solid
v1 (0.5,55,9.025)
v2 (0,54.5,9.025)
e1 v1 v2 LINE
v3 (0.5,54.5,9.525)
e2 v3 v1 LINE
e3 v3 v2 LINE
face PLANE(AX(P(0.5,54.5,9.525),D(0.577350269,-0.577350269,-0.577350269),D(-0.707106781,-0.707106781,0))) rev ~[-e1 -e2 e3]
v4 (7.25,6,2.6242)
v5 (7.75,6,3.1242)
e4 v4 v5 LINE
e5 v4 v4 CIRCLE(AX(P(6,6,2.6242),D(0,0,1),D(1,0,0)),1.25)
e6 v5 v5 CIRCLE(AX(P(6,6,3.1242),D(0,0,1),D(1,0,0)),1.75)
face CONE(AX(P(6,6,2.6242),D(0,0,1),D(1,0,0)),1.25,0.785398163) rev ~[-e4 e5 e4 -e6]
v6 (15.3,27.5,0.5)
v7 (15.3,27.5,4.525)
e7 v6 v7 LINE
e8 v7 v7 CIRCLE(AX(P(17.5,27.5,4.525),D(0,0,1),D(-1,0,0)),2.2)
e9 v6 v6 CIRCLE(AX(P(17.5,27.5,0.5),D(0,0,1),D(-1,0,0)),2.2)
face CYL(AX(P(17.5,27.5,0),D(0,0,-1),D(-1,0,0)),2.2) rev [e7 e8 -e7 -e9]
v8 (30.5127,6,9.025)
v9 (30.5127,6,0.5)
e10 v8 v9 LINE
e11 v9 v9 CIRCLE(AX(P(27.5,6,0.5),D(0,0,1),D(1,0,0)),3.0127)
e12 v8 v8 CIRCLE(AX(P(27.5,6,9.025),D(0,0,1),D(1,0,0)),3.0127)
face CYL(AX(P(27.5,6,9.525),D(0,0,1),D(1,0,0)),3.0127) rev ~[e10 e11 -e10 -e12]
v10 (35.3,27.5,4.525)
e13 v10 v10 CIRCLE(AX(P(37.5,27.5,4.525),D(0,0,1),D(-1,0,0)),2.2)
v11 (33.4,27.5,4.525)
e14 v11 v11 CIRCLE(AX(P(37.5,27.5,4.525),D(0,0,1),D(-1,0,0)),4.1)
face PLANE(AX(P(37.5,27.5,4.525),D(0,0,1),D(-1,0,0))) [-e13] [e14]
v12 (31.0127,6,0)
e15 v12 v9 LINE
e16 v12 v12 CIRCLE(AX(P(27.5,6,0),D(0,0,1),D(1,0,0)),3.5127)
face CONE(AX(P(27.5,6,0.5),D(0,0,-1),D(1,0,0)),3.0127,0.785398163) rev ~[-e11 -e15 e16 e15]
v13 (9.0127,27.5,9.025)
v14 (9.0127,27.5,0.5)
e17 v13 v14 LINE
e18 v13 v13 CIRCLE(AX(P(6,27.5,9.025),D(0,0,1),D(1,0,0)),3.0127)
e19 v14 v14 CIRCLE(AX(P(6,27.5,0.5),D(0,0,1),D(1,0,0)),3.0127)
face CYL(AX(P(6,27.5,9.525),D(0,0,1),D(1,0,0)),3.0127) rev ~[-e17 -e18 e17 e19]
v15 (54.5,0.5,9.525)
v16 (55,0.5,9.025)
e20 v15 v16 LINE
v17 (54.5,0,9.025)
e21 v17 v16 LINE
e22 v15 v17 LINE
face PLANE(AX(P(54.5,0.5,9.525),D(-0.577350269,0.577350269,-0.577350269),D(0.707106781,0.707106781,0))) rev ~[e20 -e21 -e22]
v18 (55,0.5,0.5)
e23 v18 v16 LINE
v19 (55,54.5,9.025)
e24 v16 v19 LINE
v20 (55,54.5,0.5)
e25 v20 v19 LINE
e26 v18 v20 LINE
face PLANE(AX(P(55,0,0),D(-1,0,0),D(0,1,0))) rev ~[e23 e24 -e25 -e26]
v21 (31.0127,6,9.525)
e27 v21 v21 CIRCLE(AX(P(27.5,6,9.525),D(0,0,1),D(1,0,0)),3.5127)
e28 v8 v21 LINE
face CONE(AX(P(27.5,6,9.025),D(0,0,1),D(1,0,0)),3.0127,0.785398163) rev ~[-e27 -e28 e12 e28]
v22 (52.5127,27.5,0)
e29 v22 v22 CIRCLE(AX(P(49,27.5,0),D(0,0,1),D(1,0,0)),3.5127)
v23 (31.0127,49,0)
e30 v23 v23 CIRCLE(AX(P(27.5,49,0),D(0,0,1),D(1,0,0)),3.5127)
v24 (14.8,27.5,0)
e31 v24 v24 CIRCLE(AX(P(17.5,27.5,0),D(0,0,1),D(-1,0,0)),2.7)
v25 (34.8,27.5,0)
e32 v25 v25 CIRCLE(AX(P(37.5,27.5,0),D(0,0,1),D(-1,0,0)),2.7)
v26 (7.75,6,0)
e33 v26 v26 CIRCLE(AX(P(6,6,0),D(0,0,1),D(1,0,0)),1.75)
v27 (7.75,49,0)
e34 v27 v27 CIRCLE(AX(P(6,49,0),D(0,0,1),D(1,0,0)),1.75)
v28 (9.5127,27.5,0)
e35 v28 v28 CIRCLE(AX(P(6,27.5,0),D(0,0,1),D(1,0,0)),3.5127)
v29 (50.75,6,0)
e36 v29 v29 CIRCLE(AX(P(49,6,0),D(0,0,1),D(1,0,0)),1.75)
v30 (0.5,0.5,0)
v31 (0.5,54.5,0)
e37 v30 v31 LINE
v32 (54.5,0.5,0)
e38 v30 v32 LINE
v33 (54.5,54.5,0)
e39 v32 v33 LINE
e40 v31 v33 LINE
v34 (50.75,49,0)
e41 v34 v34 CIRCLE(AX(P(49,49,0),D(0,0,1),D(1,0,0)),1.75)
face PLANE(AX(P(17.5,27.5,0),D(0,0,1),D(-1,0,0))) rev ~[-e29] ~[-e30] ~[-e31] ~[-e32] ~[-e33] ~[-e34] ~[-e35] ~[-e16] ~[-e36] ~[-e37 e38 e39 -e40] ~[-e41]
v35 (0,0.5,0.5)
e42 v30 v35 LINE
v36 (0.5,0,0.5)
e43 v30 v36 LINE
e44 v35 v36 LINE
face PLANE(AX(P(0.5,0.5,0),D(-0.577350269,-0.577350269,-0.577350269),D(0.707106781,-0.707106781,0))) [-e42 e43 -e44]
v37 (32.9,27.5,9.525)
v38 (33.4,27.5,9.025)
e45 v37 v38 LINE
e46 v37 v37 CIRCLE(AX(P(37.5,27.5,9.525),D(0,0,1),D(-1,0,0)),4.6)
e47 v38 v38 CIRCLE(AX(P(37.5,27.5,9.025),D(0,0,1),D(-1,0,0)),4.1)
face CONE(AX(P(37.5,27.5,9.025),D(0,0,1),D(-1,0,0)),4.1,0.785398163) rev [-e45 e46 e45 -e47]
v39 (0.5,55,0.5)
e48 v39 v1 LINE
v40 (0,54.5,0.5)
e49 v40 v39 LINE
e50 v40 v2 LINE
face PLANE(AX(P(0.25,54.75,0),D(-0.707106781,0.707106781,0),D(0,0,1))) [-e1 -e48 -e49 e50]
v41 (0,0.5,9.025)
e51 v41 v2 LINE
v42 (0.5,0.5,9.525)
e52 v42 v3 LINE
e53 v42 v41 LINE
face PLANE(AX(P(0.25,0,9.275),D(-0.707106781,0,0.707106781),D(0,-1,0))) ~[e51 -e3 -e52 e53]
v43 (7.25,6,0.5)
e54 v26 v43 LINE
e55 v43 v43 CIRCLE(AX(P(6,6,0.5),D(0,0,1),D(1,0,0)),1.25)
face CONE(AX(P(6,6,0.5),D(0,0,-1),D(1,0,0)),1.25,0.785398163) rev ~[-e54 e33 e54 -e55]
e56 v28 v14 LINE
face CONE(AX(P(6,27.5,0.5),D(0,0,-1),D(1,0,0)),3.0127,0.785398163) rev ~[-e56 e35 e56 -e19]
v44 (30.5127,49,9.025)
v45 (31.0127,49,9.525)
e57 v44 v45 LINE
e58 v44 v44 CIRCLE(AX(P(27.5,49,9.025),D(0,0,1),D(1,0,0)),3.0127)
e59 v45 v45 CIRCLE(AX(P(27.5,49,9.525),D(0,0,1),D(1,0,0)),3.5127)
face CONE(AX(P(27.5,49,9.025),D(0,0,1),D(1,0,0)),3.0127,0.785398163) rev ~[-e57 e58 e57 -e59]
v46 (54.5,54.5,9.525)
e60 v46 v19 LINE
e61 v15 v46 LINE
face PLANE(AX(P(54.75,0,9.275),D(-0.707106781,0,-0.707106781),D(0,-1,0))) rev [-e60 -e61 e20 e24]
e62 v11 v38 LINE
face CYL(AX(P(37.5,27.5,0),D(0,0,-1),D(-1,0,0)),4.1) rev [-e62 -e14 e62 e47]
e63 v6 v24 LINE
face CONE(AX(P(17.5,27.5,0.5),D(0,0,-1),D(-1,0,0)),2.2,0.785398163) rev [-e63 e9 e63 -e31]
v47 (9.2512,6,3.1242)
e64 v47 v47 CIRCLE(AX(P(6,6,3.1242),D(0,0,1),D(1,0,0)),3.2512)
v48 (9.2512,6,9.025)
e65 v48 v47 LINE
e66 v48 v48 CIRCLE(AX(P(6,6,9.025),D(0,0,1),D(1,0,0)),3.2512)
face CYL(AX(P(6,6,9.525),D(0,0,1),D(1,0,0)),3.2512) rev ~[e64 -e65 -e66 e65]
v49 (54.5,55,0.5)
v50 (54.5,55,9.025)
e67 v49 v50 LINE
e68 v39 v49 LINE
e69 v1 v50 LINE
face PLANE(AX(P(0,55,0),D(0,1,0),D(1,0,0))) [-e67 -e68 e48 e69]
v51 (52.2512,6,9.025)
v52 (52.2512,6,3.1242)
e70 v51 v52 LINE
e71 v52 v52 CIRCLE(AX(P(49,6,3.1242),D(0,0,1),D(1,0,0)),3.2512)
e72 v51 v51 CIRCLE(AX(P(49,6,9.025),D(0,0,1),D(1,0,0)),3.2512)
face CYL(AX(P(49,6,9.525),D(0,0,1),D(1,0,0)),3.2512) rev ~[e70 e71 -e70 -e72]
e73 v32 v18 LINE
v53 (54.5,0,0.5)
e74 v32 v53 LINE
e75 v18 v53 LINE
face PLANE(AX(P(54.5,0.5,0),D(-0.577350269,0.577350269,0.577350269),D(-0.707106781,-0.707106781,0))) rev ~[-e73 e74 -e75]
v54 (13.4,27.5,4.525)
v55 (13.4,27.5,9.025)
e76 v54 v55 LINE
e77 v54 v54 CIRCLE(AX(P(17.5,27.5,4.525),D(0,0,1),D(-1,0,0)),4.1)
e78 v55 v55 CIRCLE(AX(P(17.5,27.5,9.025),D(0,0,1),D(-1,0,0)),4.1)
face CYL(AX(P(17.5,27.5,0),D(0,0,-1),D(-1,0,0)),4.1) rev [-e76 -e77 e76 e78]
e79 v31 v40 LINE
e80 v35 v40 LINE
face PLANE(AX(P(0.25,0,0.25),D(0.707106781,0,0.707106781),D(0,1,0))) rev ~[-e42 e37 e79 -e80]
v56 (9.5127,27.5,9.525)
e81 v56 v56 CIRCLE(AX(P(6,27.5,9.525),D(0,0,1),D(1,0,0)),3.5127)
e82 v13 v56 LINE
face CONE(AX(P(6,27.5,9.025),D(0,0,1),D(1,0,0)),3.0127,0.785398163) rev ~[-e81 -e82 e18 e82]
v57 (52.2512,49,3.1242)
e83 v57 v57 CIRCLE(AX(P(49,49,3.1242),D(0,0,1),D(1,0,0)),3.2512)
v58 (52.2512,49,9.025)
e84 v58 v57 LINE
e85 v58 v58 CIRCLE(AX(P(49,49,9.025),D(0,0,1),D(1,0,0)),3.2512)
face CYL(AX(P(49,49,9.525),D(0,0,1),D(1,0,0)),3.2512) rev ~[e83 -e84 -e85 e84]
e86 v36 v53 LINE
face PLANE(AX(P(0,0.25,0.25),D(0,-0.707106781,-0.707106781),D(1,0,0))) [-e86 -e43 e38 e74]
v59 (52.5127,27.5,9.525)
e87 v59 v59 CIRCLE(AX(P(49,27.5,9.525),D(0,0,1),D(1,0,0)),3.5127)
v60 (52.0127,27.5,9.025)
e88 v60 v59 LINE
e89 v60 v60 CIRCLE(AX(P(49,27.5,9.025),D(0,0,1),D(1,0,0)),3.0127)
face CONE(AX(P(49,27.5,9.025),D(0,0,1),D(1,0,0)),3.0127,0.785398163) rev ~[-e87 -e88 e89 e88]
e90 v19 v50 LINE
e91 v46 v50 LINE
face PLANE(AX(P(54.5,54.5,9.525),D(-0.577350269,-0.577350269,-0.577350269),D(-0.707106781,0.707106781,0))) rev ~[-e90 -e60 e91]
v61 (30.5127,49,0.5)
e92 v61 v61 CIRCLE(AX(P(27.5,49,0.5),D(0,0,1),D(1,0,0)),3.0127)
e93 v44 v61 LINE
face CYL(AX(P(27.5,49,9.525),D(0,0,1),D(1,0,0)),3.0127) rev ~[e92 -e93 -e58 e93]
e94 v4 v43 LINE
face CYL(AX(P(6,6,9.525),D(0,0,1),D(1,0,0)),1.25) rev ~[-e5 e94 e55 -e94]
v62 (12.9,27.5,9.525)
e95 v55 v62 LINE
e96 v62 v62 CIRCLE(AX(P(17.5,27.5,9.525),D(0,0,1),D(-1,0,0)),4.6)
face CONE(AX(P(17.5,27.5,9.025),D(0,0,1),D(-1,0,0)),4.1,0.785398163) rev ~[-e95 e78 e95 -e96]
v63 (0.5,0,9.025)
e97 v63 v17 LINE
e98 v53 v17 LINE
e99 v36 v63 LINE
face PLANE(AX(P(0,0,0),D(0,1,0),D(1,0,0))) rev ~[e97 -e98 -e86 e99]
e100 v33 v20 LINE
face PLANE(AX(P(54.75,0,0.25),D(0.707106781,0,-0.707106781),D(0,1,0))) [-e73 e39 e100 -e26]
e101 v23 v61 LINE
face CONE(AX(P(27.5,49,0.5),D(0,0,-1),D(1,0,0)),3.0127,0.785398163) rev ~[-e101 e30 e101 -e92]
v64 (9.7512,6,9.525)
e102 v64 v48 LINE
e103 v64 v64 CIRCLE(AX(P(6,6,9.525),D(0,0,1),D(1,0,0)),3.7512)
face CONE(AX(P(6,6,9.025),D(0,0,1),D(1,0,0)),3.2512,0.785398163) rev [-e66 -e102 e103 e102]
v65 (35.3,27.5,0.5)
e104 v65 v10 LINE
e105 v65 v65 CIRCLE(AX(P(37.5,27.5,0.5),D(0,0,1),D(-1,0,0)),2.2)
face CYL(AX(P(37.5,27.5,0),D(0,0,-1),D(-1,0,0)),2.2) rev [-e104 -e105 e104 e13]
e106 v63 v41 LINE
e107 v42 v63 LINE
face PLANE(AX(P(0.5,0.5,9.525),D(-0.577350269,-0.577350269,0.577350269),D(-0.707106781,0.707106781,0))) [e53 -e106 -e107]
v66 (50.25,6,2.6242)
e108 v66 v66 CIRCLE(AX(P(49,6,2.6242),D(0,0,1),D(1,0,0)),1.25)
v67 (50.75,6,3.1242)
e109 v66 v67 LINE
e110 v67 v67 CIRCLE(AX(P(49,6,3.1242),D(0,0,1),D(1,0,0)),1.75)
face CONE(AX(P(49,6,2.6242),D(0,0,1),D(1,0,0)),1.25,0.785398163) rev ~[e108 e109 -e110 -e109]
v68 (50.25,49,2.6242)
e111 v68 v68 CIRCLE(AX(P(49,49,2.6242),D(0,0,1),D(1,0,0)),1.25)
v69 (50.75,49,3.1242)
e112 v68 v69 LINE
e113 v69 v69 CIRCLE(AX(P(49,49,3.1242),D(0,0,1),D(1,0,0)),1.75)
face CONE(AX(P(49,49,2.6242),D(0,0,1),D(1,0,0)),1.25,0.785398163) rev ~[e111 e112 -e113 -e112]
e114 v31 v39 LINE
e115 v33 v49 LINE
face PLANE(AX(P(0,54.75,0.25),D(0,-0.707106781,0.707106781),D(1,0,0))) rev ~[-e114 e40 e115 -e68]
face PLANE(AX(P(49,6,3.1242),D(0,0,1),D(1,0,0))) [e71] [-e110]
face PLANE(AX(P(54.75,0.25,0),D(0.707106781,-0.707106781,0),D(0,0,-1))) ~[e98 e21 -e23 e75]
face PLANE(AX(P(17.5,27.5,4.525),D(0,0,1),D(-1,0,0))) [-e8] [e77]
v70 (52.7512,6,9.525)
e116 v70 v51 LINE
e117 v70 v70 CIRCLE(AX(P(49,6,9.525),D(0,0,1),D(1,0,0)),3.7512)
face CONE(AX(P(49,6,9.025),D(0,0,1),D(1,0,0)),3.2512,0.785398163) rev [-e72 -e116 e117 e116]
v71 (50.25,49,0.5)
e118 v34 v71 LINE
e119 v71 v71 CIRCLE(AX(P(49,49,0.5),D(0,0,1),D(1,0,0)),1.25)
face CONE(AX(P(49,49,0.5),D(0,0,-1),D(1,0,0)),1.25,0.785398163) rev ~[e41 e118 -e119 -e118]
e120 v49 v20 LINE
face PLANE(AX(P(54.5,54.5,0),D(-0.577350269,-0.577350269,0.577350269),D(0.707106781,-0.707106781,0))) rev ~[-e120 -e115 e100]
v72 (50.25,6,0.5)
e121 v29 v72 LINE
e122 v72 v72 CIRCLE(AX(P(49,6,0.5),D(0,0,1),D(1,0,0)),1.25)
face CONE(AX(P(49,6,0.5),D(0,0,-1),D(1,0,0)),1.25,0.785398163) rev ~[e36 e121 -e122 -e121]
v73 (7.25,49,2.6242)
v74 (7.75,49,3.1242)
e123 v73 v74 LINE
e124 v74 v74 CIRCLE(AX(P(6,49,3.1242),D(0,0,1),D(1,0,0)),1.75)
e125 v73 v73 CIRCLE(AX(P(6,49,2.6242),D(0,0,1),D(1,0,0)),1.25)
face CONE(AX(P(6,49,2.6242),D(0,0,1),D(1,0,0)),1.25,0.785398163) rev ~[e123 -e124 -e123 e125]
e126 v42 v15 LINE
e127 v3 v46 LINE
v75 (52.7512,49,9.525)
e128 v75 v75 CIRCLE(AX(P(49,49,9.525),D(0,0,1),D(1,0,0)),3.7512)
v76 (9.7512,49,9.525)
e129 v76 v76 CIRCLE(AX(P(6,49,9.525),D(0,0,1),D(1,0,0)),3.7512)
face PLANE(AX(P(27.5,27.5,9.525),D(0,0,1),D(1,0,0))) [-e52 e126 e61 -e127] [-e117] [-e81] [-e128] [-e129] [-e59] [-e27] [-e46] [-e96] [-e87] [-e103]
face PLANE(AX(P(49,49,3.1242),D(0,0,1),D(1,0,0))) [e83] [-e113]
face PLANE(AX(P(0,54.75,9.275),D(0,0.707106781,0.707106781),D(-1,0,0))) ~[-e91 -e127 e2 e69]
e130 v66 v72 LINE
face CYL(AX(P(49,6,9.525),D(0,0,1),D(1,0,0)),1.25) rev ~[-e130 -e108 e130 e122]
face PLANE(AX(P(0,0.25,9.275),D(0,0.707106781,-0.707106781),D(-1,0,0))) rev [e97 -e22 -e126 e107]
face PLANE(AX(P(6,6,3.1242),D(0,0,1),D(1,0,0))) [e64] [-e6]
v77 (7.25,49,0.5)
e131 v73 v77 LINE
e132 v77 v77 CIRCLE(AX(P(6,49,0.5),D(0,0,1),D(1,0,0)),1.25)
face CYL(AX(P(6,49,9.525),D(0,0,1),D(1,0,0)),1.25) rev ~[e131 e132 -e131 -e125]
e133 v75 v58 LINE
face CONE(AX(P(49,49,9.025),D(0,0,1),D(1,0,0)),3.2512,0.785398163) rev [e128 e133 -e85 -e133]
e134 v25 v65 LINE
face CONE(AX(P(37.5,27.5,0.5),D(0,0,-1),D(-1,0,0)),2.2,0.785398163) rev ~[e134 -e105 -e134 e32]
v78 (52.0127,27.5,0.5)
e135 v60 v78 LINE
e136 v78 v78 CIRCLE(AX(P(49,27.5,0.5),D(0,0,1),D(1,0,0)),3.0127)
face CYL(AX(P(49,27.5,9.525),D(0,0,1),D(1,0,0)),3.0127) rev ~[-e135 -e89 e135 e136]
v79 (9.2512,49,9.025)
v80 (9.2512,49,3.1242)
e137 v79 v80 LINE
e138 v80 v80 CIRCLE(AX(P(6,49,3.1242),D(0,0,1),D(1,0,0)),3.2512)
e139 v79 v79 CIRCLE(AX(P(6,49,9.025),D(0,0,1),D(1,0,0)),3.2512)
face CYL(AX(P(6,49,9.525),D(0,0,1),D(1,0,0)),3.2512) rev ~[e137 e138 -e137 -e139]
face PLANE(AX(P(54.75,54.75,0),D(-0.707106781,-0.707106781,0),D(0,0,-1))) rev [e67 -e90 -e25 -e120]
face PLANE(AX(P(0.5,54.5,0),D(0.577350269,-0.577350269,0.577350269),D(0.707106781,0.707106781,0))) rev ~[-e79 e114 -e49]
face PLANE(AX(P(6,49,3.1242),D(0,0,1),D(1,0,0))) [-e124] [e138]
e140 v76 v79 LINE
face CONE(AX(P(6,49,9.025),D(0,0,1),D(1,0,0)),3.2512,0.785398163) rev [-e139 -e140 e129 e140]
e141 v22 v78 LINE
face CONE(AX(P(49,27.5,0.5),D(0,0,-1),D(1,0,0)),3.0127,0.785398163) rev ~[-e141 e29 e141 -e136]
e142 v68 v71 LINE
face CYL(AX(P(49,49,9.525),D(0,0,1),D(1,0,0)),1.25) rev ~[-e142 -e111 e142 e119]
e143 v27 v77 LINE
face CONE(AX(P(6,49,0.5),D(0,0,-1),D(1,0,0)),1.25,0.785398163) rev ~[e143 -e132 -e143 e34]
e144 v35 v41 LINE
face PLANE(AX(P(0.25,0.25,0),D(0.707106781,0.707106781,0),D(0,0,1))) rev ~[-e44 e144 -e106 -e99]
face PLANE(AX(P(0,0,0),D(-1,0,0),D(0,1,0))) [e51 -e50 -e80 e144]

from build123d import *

# Parameters (mm, degrees)
SKETCH1_W           = 55
SKETCH1_H           = 55
SKETCH1_R           = 4.1
BOSS_EXTRUDE1_DEPTH = 9.525
SKETCH1_3_R         = 4.1
SKETCH1_3_R_2       = 2.2
BOSS_EXTRUDE2_DEPTH = 4.525
SKETCH3_R           = 3.0127
CUT_EXTRUDE1_DEPTH  = 79.362782142
SKETCH5_R           = 3.2512
CUT_EXTRUDE2_DEPTH  = 6.4008
CHAMFER1_SIZE       = 0.5
SKETCH6_R           = 1.25
CUT_EXTRUDE3_DEPTH  = 79.362782142
CHAMFER2_SIZE       = 0.5


with BuildPart() as part:
    # Sketch1 → Boss-Extrude1 (new body)
    with BuildSketch(Plane.XY):
        with Locations((27.5, 27.5)):
            Rectangle(SKETCH1_W, SKETCH1_H)
        with Locations((17.5, 27.5)):
            Circle(SKETCH1_R, mode=Mode.SUBTRACT)
        with Locations((37.5, 27.5)):
            Circle(SKETCH1_R, mode=Mode.SUBTRACT)
    extrude(amount=BOSS_EXTRUDE1_DEPTH)

    # Sketch1<3> → Boss-Extrude2 (add)
    # profile 1 of 2: a face of its own
    with BuildSketch(Plane.XY):
        with Locations((17.5, 27.5)):
            Circle(SKETCH1_3_R)
        with Locations((17.5, 27.5)):
            Circle(SKETCH1_3_R_2, mode=Mode.SUBTRACT)
    # profile 2 of 2: a face of its own
    with BuildSketch(Plane.XY):
        with Locations((37.5, 27.5)):
            Circle(SKETCH1_3_R)
        with Locations((37.5, 27.5)):
            Circle(SKETCH1_3_R_2, mode=Mode.SUBTRACT)
    extrude(amount=BOSS_EXTRUDE2_DEPTH)

    # Sketch3 → Cut-Extrude1 (cut, through all)
    with BuildSketch(Plane.XY.offset(9.525)):
        with Locations((27.5, 49)):
            Circle(SKETCH3_R)
        with Locations((6, 27.5)):
            Circle(SKETCH3_R)
        with Locations((49, 27.5)):
            Circle(SKETCH3_R)
        with Locations((27.5, 6)):
            Circle(SKETCH3_R)
    extrude(amount=-CUT_EXTRUDE1_DEPTH, mode=Mode.SUBTRACT)

    # Sketch5 → Cut-Extrude2 (cut)
    with BuildSketch(Plane.XY.offset(9.525)):
        with Locations((6, 49)):
            Circle(SKETCH5_R)
        with Locations((49, 49)):
            Circle(SKETCH5_R)
        with Locations((49, 6)):
            Circle(SKETCH5_R)
        with Locations((6, 6)):
            Circle(SKETCH5_R)
    extrude(amount=-CUT_EXTRUDE2_DEPTH, mode=Mode.SUBTRACT)

    # Chamfer1
    chamfer1_edges = [part.edges().sort_by_distance(p)[0] for p in [
        (45.9873, 27.5, 0),
        (35.3, 27.5, 0),
        (24.4873, 49, 0),
        (24.4873, 6, 0),
        (15.3, 27.5, 0),
        (2.9873, 27.5, 0),
        (2.7488, 49, 9.525),
        (2.7488, 6, 9.525),
        (2.9873, 27.5, 9.525),
        (13.4, 27.5, 9.525),
        (33.4, 27.5, 9.525),
        (24.4873, 6, 9.525),
        (45.7488, 6, 9.525),
        (45.9873, 27.5, 9.525),
        (45.7488, 49, 9.525),
        (24.4873, 49, 9.525),
        (27.5, 55, 0),
        (55, 55, 4.7625),
        (55, 27.5, 0),
        (55, 0, 4.7625),
        (27.5, 0, 0),
        (0, 27.5, 0),
        (0, 55, 4.7625),
        (0, 0, 4.7625),
        (55, 27.5, 9.525),
        (27.5, 0, 9.525),
        (0, 27.5, 9.525),
        (27.5, 55, 9.525),
    ]]
    chamfer(chamfer1_edges, length=CHAMFER1_SIZE)

    # Sketch6 → Cut-Extrude3 (cut, through all)
    with BuildSketch(Plane.XY.offset(9.525)):
        with Locations((6, 49)):
            Circle(SKETCH6_R)
        with Locations((49, 49)):
            Circle(SKETCH6_R)
        with Locations((49, 6)):
            Circle(SKETCH6_R)
        with Locations((6, 6)):
            Circle(SKETCH6_R)
    extrude(amount=-CUT_EXTRUDE3_DEPTH, mode=Mode.SUBTRACT)

    # Chamfer2
    chamfer2_edges = [part.edges().sort_by_distance(p)[0] for p in [
        (4.75, 6, 3.1242),
        (47.75, 6, 3.1242),
        (47.75, 49, 3.1242),
        (4.75, 49, 3.1242),
        (4.75, 49, 0),
        (47.75, 49, 0),
        (47.75, 6, 0),
        (4.75, 6, 0),
    ]]
    chamfer(chamfer2_edges, length=CHAMFER2_SIZE)


solid = part.part
